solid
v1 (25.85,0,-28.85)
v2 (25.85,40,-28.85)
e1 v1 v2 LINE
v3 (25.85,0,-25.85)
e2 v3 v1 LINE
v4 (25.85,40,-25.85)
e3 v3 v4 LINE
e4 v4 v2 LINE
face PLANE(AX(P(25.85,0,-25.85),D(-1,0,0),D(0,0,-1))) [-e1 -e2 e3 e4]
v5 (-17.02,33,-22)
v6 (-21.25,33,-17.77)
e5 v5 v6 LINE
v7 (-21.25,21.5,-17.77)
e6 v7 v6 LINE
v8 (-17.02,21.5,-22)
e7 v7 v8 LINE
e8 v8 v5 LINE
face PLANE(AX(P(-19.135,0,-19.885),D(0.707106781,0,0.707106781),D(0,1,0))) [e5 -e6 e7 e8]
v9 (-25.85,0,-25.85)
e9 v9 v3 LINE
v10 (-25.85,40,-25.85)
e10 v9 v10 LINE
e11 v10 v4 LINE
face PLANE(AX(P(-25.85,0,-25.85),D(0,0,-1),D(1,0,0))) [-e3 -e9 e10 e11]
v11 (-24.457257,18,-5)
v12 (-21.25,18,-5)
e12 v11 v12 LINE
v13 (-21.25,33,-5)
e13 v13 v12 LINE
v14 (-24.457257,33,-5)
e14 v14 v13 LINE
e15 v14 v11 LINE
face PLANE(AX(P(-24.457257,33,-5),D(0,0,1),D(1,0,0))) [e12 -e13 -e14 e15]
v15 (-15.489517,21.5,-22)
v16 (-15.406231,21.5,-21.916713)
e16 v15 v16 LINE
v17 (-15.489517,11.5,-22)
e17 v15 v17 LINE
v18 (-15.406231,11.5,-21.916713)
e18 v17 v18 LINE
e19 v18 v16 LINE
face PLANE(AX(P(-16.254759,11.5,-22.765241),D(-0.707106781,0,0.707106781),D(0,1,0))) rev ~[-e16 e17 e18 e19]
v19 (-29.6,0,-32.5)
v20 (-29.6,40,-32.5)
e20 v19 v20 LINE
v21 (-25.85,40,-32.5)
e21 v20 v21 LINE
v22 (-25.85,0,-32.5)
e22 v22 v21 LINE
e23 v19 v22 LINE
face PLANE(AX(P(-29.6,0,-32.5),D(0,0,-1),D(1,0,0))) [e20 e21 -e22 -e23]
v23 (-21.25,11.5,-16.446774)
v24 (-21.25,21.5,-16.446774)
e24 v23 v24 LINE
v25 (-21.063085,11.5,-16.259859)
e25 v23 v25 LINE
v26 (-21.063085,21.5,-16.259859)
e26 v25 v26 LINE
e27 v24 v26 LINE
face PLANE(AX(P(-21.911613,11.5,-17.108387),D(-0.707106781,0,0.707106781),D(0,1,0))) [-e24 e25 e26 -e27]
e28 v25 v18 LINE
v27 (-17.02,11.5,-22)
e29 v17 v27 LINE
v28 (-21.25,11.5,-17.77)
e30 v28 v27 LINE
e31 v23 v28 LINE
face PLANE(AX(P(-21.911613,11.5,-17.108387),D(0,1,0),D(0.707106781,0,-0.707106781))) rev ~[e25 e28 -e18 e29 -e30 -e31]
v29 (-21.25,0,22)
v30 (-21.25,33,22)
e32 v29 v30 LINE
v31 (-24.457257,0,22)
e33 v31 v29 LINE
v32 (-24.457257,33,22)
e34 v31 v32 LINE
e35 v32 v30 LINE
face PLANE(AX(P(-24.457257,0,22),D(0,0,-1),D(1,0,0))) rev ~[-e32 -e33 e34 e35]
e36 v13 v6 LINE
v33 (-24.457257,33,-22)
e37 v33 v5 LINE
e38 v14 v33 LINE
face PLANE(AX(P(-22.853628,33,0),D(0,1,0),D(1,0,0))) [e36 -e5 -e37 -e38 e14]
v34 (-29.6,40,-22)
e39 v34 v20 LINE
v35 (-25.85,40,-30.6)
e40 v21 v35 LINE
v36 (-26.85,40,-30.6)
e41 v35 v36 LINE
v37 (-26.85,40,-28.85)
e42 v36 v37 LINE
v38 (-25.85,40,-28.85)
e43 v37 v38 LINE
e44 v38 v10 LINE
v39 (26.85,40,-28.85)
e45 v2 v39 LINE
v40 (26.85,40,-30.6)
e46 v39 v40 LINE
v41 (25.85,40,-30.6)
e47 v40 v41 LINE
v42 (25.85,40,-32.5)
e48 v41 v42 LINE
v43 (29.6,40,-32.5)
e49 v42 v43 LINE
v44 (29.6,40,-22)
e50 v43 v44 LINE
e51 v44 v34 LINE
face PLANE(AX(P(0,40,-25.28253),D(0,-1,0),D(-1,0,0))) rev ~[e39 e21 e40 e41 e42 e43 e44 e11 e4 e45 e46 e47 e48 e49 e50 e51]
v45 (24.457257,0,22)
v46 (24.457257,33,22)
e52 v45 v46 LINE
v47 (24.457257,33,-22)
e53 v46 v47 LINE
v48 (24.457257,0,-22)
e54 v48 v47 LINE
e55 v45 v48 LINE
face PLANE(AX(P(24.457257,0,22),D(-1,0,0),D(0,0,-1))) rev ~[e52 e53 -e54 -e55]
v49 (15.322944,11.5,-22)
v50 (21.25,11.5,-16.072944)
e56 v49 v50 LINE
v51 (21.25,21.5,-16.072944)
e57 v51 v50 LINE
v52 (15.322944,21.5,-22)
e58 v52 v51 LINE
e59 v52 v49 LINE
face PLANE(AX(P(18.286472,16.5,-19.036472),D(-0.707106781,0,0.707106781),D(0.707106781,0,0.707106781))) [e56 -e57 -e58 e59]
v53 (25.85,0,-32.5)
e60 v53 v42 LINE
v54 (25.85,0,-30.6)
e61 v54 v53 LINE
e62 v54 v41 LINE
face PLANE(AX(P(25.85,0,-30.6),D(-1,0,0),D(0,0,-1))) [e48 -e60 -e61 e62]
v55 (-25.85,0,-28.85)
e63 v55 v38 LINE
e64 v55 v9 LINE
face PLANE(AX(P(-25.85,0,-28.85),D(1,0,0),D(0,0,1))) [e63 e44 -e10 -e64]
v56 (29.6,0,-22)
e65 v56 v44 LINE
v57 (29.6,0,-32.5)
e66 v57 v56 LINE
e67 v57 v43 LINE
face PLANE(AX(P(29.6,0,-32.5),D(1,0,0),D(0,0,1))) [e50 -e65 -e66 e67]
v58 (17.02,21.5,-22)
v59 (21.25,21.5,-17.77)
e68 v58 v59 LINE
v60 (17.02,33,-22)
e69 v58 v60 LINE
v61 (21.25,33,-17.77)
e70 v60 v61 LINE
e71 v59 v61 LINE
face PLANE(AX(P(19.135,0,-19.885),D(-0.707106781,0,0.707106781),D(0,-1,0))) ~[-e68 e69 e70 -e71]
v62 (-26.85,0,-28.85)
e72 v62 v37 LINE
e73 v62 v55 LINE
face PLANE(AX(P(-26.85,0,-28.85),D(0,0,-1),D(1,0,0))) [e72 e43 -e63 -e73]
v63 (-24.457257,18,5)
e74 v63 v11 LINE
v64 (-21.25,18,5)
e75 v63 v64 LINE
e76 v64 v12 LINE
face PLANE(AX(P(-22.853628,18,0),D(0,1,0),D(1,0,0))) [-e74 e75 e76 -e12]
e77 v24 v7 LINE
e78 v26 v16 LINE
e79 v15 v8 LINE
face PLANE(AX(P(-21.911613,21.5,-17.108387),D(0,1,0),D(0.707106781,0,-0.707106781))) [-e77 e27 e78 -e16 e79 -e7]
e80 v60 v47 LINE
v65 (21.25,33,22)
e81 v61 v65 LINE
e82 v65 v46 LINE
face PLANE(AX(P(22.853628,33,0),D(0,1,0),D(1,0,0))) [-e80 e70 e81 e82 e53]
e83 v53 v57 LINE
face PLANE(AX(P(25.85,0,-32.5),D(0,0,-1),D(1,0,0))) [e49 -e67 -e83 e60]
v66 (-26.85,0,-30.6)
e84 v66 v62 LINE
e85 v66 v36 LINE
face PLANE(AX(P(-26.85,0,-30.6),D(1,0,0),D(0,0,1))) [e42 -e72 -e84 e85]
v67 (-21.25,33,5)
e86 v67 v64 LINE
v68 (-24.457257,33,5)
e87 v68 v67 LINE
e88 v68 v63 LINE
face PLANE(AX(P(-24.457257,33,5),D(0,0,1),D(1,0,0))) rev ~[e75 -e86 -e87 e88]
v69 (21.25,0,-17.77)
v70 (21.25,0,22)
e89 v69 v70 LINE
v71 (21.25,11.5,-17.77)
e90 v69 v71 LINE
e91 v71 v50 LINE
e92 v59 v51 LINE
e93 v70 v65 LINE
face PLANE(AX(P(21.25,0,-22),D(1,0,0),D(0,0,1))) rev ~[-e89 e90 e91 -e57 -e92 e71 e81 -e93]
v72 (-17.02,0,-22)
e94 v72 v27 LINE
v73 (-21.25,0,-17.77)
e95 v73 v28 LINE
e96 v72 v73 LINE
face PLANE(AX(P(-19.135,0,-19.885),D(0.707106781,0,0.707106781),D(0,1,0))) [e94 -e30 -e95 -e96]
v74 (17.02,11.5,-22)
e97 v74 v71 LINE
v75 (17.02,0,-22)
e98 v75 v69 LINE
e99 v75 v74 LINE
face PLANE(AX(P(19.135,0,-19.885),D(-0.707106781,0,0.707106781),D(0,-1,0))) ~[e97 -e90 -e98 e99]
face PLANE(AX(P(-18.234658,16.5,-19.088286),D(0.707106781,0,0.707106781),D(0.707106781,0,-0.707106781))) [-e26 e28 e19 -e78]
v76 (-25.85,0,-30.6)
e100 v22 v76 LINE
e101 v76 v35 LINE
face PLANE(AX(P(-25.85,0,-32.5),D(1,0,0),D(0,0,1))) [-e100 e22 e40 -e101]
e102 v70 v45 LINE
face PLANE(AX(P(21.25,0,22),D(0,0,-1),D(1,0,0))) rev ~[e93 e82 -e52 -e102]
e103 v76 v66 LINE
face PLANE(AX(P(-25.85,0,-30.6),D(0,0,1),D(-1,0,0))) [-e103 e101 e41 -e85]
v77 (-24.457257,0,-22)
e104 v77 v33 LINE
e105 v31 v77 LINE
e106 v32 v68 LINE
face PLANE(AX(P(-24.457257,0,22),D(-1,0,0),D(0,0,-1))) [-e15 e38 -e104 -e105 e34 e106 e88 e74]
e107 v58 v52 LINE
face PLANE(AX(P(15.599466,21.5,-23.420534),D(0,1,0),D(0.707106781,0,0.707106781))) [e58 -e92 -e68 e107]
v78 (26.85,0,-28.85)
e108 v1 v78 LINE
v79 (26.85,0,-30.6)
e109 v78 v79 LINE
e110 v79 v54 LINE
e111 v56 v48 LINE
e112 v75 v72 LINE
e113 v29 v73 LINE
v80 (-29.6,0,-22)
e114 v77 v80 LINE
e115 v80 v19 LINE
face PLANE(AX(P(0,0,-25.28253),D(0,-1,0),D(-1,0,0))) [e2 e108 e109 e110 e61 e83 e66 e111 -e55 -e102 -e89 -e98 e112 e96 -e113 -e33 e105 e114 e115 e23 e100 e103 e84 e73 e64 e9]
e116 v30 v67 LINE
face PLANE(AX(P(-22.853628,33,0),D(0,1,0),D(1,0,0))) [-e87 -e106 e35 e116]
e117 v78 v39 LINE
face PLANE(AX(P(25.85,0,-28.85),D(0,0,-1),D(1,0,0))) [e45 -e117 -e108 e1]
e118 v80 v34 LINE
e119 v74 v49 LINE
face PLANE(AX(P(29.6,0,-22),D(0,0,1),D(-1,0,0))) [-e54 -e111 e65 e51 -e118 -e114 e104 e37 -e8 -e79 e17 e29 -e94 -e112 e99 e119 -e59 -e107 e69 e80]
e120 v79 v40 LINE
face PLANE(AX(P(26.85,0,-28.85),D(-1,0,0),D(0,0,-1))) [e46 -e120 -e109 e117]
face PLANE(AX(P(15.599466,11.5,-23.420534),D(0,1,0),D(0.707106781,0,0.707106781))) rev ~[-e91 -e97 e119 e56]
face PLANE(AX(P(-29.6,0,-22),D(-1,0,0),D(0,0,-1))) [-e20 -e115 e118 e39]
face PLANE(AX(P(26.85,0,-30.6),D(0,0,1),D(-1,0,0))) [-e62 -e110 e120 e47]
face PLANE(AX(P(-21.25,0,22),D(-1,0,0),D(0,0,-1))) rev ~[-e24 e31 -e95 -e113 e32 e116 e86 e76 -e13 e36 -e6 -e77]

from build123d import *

# Parameters (mm, degrees)
SKETCH1_W             = 3.207256709
SKETCH1_H             = 44
BOSS_EXTRUDE2_DEPTH   = 33
BOSS_EXTRUDE2_2_DEPTH = 33
BOSS_EXTRUDE3_DEPTH   = 40
CHAMFER4_SIZE         = 4.23
SKETCH2_W             = 8
SKETCH2_H             = 10
BOSS_EXTRUDE4_DEPTH   = 1.2
SKETCH3_W             = 10
SKETCH3_H             = 10
BOSS_EXTRUDE5_DEPTH   = 1.2
SKETCH4_W             = 3.207256709
SKETCH4_H             = 10
CUT_EXTRUDE1_DEPTH    = 15


with BuildPart() as part:
    # Sketch1 → Boss-Extrude2 (new body)
    with BuildSketch(Plane(origin=(0, 0, 0), x_dir=(1, 0, 0), z_dir=(0, 1, 0))):
        with Locations((-22.853628355, 0)):
            Rectangle(SKETCH1_W, SKETCH1_H)
    extrude(amount=BOSS_EXTRUDE2_DEPTH)



with BuildPart() as body_2:
    # Sketch1 → Boss-Extrude2 2 (new body)
    with BuildSketch(Plane(origin=(0, 0, 0), x_dir=(1, 0, 0), z_dir=(0, 1, 0))):
        with Locations((22.853628355, 0)):
            Rectangle(SKETCH1_W, SKETCH1_H)
    extrude(amount=BOSS_EXTRUDE2_2_DEPTH)


with BuildPart() as part_1:
    add(part.part)

    add(body_2.part)  # Boss-Extrude3 merges body 2
    # Sketch1<6> → Boss-Extrude3 (add)
    with BuildSketch(Plane(origin=(0, 0, 0), x_dir=(1, 0, 0), z_dir=(0, 1, 0))):
        Polygon((-25.85, 28.85), (-26.85, 28.85), (-26.85, 30.6), (-25.85, 30.6), (-25.85, 32.5), (-29.6, 32.5), (-29.6, 22), (-24.457256709, 22), (-21.25, 22), (21.25, 22), (23.75, 22), (24.457256709, 22), (29.6, 22), (29.6, 32.5), (25.85, 32.5), (25.85, 30.6), (26.85, 30.6), (26.85, 28.85), (25.85, 28.85), (25.85, 25.85), (-25.85, 25.85), align=None)
    extrude(amount=BOSS_EXTRUDE3_DEPTH)

    # Chamfer4
    chamfer4_edges = [part_1.edges().sort_by_distance(p)[0] for p in [
        (21.25, 16.5, -22),
        (-21.25, 16.5, -22),
    ]]
    chamfer(chamfer4_edges, length=CHAMFER4_SIZE)

    # Sketch2 → Boss-Extrude4 (add)
    with BuildSketch(Plane(origin=(-19.51, 0, -19.51), x_dir=(0.7071067811865509, 0, -0.7071067811865442), z_dir=(0.7071067811865442, 0, 0.7071067811865509))):
        with Locations((0.603606398, 16.5)):
            Rectangle(SKETCH2_W, SKETCH2_H)
    extrude(amount=BOSS_EXTRUDE4_DEPTH)

    # Sketch3 → Boss-Extrude5 (add)
    with BuildSketch(Plane(origin=(19.51, 0, -19.51), x_dir=(0.7071067811865442, 0, 0.7071067811865509), z_dir=(-0.7071067811865509, 0, 0.7071067811865442))):
        with Locations((-0.530330086, 16.5)):
            Rectangle(SKETCH3_W, SKETCH3_H)
    extrude(amount=BOSS_EXTRUDE5_DEPTH)

    # Sketch4 → Cut-Extrude1 (cut)
    with BuildSketch(Plane(origin=(0, 33, 0), x_dir=(1, 0, 0), z_dir=(0, 1, 0))):
        with Locations((-22.853628355, 0)):
            Rectangle(SKETCH4_W, SKETCH4_H)
    extrude(amount=-CUT_EXTRUDE1_DEPTH, mode=Mode.SUBTRACT)


solid = part_1.part
